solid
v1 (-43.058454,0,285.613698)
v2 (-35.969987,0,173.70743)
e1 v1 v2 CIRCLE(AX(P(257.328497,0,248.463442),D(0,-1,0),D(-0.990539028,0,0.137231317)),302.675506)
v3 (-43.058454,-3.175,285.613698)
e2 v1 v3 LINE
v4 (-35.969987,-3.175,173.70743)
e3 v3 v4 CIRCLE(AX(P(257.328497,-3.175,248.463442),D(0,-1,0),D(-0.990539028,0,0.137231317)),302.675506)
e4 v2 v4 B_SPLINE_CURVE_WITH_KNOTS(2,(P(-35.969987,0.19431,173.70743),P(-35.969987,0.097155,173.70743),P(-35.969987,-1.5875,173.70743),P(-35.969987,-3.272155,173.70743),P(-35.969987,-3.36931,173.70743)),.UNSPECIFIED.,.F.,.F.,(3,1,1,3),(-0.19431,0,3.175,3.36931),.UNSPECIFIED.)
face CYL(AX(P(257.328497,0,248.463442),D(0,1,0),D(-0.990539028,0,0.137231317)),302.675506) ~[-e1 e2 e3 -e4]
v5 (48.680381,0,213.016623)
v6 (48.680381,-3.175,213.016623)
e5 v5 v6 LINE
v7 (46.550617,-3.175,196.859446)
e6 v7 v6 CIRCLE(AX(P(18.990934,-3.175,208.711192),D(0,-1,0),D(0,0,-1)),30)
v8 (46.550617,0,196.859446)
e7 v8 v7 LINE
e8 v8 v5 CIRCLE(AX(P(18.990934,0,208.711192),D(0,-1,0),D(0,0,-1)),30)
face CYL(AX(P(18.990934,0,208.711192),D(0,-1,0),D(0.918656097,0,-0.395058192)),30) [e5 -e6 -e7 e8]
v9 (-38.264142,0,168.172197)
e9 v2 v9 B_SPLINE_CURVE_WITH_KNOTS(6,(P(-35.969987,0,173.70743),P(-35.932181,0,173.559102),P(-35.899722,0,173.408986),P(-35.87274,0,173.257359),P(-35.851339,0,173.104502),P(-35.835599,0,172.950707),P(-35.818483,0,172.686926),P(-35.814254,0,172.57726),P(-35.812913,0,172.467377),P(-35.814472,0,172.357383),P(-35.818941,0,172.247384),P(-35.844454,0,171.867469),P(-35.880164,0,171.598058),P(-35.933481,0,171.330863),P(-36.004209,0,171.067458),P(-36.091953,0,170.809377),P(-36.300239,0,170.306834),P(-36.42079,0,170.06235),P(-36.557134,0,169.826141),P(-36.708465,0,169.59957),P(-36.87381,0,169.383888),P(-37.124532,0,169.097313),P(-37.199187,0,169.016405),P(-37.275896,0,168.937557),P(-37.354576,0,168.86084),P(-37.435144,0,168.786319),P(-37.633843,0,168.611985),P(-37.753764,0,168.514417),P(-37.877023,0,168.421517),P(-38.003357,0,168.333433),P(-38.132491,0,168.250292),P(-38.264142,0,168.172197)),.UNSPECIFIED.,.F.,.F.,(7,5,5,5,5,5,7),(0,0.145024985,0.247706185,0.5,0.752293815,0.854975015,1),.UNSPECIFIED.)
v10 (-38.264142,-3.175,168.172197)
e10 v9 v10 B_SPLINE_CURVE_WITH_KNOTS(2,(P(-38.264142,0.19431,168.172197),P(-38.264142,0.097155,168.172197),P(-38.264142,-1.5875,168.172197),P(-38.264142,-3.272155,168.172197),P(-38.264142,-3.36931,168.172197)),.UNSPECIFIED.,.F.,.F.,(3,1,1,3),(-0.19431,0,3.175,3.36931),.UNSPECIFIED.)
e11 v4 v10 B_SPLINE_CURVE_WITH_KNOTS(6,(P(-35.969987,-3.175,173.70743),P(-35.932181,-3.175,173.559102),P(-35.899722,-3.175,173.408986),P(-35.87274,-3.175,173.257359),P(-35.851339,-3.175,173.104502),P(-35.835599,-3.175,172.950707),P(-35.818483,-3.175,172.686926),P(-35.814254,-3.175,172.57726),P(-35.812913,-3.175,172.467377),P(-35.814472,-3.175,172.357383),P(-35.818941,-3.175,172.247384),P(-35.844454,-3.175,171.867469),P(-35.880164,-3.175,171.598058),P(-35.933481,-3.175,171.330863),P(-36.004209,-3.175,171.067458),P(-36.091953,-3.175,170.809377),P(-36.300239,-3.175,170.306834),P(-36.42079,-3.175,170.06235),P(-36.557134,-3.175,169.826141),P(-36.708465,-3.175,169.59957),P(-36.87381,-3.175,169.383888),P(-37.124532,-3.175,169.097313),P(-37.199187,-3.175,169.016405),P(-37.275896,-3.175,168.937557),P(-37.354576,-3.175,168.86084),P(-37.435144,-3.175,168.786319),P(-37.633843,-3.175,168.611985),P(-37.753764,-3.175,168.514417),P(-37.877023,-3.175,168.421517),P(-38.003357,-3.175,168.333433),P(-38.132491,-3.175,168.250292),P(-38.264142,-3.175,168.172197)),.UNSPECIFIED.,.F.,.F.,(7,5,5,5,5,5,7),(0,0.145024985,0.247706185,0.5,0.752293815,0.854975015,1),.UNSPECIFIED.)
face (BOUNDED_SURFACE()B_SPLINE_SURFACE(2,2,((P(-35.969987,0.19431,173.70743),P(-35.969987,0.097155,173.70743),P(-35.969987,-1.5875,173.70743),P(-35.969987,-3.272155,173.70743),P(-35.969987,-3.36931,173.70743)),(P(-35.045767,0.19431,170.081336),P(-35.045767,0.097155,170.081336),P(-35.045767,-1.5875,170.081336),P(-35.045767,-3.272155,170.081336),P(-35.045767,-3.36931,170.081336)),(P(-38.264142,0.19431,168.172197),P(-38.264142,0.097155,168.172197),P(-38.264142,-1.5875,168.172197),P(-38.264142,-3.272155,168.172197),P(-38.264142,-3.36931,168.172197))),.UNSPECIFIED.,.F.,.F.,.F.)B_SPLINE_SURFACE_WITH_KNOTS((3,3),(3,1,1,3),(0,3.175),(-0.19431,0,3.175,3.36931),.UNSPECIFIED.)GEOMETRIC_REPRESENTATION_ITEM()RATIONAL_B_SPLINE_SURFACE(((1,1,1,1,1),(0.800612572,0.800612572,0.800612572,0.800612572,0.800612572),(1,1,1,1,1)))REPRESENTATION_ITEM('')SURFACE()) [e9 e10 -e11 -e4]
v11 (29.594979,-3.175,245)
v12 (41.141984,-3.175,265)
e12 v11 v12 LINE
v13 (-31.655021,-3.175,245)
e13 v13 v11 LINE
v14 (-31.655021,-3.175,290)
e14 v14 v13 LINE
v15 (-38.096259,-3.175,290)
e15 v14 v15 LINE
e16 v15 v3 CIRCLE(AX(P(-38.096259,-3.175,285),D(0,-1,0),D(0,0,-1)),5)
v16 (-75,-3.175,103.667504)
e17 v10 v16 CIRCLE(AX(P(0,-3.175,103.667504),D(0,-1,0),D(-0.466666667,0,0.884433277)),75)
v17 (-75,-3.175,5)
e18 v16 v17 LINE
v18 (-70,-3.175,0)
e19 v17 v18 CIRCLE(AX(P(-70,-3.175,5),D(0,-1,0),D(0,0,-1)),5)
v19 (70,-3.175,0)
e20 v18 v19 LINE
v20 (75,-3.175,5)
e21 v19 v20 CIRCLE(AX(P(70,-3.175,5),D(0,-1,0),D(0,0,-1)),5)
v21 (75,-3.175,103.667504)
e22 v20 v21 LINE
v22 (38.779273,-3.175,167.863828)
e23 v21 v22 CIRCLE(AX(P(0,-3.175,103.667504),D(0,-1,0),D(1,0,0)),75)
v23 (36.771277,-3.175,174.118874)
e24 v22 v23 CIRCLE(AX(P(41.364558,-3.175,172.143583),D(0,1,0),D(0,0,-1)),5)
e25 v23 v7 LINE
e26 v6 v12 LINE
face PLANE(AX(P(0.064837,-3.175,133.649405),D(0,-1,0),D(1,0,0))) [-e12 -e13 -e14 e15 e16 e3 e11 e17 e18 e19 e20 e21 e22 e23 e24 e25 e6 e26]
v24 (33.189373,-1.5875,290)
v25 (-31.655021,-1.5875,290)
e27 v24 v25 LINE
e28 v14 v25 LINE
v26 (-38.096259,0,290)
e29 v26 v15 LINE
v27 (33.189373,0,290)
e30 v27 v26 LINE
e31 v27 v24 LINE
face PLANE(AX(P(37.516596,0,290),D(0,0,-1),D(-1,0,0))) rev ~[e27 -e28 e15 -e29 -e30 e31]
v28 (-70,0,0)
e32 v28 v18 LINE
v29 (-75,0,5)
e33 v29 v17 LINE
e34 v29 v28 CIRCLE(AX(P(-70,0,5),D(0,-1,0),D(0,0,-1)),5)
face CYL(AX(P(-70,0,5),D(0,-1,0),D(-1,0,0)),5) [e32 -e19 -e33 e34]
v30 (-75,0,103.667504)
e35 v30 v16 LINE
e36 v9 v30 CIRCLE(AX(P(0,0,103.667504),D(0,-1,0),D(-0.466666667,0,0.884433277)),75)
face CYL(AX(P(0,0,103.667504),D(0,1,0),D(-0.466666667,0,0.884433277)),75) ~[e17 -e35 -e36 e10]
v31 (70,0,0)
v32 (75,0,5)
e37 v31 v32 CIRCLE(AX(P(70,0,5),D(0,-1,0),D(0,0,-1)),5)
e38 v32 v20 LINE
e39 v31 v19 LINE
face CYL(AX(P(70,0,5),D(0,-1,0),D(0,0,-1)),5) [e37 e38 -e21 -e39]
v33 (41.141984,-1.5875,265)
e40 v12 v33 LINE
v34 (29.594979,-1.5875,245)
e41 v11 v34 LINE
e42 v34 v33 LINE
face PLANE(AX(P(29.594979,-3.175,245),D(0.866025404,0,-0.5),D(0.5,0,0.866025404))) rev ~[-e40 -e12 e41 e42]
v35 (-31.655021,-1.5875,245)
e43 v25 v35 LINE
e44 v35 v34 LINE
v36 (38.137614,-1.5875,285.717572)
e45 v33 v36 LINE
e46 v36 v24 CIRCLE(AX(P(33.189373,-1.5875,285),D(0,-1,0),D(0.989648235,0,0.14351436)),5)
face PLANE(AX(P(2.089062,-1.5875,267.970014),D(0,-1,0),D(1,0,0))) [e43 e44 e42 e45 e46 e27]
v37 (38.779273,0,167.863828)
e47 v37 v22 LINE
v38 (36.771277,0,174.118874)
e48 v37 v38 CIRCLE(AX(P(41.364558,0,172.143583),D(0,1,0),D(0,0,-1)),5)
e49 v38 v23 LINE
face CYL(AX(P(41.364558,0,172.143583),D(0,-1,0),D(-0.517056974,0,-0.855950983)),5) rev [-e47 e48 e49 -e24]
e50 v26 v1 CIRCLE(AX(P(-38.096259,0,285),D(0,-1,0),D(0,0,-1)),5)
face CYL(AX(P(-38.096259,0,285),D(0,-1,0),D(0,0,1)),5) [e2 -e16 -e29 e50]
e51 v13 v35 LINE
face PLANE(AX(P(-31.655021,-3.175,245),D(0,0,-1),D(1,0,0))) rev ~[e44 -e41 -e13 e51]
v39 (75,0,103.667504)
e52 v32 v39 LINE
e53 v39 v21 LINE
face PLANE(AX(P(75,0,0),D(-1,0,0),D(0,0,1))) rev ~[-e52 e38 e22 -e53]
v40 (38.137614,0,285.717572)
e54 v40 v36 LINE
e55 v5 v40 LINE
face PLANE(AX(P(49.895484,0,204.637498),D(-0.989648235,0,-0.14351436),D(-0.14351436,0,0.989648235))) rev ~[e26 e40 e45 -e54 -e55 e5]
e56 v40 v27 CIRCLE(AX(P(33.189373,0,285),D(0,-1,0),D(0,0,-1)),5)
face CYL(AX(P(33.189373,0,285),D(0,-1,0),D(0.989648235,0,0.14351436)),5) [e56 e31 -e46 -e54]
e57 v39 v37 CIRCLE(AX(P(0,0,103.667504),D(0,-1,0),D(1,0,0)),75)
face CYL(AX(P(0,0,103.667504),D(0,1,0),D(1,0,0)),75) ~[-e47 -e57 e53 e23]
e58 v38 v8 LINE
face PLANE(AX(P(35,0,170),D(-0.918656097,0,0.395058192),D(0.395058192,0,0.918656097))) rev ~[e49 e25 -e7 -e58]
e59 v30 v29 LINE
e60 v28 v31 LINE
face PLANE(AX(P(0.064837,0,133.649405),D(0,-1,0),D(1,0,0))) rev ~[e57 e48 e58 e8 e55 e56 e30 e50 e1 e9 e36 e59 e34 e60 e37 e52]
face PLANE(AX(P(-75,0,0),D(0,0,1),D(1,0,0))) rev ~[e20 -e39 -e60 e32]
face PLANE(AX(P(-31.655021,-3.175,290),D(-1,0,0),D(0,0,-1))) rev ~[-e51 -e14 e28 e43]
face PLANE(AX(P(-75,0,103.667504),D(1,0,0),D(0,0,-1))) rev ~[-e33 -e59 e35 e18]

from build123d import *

# Parameters (mm, degrees)
F1_DEPTH = 3.175
F2_R     = 5
F3_R     = 30
F5_DEPTH = 1.5875


with BuildPart() as f1:
    # F0 (on Front) → F1 (new body)
    with BuildSketch(Plane.XZ):
        with BuildLine():
            Line((-75, 103.6675041929), (-75, 0))
            Line((-75, 0), (75, 0))
            Line((75, 0), (75, 103.6675041929))
            ThreePointArc((75, 103.6675041929), (64.2261628933, 142.397337655), (35, 170))
            Line((35, 170), (49.8954840004, 204.6374976635))
            Line((49.8954840004, 204.6374976635), (37.5165957212, 290))
            Line((37.5165957212, 290), (-42.4834042788, 290))
            ThreePointArc((-42.4834042788, 290), (-44.7601701514, 229.6246780894), (-35, 170))
            ThreePointArc((-35, 170), (-64.2261628933, 142.397337655), (-75, 103.6675041929))
        make_face()
    extrude(amount=F1_DEPTH)

    # F2
    f2_edges = [f1.edges().sort_by_distance(p)[0] for p in [
        (-35, -1.5875, 170),
        (-42.483404, -1.5875, 290),
        (37.516596, -1.5875, 290),
        (75, -1.5875, 0),
        (-75, -1.5875, 0),
        (35, -1.5875, 170),
    ]]
    fillet(f2_edges, radius=F2_R)

    # F3
    f3_edges = [f1.edges().sort_by_distance(p)[0] for p in [
        (49.895484, -1.5875, 204.637498),
    ]]
    fillet(f3_edges, radius=F3_R)

    # F4 (on face) → F5 (cut)
    with BuildSketch(Plane.XZ.offset(3.175)):
        with BuildLine():
            Line((33.1893731308, 290), (-31.6550214826, 290))
            Line((-31.6550214826, 290), (-31.6550214826, 245))
            Line((-31.6550214826, 245), (29.5949785174, 245))
            Line((29.5949785174, 245), (41.1419839012, 265))
            Line((41.1419839012, 265), (38.137614304, 285.7175718024))
            ThreePointArc((38.137614304, 285.7175718024), (36.461386348, 288.7807313454), (33.1893731308, 290))
        make_face()
    extrude(amount=-F5_DEPTH, mode=Mode.SUBTRACT)


solid = f1.part
